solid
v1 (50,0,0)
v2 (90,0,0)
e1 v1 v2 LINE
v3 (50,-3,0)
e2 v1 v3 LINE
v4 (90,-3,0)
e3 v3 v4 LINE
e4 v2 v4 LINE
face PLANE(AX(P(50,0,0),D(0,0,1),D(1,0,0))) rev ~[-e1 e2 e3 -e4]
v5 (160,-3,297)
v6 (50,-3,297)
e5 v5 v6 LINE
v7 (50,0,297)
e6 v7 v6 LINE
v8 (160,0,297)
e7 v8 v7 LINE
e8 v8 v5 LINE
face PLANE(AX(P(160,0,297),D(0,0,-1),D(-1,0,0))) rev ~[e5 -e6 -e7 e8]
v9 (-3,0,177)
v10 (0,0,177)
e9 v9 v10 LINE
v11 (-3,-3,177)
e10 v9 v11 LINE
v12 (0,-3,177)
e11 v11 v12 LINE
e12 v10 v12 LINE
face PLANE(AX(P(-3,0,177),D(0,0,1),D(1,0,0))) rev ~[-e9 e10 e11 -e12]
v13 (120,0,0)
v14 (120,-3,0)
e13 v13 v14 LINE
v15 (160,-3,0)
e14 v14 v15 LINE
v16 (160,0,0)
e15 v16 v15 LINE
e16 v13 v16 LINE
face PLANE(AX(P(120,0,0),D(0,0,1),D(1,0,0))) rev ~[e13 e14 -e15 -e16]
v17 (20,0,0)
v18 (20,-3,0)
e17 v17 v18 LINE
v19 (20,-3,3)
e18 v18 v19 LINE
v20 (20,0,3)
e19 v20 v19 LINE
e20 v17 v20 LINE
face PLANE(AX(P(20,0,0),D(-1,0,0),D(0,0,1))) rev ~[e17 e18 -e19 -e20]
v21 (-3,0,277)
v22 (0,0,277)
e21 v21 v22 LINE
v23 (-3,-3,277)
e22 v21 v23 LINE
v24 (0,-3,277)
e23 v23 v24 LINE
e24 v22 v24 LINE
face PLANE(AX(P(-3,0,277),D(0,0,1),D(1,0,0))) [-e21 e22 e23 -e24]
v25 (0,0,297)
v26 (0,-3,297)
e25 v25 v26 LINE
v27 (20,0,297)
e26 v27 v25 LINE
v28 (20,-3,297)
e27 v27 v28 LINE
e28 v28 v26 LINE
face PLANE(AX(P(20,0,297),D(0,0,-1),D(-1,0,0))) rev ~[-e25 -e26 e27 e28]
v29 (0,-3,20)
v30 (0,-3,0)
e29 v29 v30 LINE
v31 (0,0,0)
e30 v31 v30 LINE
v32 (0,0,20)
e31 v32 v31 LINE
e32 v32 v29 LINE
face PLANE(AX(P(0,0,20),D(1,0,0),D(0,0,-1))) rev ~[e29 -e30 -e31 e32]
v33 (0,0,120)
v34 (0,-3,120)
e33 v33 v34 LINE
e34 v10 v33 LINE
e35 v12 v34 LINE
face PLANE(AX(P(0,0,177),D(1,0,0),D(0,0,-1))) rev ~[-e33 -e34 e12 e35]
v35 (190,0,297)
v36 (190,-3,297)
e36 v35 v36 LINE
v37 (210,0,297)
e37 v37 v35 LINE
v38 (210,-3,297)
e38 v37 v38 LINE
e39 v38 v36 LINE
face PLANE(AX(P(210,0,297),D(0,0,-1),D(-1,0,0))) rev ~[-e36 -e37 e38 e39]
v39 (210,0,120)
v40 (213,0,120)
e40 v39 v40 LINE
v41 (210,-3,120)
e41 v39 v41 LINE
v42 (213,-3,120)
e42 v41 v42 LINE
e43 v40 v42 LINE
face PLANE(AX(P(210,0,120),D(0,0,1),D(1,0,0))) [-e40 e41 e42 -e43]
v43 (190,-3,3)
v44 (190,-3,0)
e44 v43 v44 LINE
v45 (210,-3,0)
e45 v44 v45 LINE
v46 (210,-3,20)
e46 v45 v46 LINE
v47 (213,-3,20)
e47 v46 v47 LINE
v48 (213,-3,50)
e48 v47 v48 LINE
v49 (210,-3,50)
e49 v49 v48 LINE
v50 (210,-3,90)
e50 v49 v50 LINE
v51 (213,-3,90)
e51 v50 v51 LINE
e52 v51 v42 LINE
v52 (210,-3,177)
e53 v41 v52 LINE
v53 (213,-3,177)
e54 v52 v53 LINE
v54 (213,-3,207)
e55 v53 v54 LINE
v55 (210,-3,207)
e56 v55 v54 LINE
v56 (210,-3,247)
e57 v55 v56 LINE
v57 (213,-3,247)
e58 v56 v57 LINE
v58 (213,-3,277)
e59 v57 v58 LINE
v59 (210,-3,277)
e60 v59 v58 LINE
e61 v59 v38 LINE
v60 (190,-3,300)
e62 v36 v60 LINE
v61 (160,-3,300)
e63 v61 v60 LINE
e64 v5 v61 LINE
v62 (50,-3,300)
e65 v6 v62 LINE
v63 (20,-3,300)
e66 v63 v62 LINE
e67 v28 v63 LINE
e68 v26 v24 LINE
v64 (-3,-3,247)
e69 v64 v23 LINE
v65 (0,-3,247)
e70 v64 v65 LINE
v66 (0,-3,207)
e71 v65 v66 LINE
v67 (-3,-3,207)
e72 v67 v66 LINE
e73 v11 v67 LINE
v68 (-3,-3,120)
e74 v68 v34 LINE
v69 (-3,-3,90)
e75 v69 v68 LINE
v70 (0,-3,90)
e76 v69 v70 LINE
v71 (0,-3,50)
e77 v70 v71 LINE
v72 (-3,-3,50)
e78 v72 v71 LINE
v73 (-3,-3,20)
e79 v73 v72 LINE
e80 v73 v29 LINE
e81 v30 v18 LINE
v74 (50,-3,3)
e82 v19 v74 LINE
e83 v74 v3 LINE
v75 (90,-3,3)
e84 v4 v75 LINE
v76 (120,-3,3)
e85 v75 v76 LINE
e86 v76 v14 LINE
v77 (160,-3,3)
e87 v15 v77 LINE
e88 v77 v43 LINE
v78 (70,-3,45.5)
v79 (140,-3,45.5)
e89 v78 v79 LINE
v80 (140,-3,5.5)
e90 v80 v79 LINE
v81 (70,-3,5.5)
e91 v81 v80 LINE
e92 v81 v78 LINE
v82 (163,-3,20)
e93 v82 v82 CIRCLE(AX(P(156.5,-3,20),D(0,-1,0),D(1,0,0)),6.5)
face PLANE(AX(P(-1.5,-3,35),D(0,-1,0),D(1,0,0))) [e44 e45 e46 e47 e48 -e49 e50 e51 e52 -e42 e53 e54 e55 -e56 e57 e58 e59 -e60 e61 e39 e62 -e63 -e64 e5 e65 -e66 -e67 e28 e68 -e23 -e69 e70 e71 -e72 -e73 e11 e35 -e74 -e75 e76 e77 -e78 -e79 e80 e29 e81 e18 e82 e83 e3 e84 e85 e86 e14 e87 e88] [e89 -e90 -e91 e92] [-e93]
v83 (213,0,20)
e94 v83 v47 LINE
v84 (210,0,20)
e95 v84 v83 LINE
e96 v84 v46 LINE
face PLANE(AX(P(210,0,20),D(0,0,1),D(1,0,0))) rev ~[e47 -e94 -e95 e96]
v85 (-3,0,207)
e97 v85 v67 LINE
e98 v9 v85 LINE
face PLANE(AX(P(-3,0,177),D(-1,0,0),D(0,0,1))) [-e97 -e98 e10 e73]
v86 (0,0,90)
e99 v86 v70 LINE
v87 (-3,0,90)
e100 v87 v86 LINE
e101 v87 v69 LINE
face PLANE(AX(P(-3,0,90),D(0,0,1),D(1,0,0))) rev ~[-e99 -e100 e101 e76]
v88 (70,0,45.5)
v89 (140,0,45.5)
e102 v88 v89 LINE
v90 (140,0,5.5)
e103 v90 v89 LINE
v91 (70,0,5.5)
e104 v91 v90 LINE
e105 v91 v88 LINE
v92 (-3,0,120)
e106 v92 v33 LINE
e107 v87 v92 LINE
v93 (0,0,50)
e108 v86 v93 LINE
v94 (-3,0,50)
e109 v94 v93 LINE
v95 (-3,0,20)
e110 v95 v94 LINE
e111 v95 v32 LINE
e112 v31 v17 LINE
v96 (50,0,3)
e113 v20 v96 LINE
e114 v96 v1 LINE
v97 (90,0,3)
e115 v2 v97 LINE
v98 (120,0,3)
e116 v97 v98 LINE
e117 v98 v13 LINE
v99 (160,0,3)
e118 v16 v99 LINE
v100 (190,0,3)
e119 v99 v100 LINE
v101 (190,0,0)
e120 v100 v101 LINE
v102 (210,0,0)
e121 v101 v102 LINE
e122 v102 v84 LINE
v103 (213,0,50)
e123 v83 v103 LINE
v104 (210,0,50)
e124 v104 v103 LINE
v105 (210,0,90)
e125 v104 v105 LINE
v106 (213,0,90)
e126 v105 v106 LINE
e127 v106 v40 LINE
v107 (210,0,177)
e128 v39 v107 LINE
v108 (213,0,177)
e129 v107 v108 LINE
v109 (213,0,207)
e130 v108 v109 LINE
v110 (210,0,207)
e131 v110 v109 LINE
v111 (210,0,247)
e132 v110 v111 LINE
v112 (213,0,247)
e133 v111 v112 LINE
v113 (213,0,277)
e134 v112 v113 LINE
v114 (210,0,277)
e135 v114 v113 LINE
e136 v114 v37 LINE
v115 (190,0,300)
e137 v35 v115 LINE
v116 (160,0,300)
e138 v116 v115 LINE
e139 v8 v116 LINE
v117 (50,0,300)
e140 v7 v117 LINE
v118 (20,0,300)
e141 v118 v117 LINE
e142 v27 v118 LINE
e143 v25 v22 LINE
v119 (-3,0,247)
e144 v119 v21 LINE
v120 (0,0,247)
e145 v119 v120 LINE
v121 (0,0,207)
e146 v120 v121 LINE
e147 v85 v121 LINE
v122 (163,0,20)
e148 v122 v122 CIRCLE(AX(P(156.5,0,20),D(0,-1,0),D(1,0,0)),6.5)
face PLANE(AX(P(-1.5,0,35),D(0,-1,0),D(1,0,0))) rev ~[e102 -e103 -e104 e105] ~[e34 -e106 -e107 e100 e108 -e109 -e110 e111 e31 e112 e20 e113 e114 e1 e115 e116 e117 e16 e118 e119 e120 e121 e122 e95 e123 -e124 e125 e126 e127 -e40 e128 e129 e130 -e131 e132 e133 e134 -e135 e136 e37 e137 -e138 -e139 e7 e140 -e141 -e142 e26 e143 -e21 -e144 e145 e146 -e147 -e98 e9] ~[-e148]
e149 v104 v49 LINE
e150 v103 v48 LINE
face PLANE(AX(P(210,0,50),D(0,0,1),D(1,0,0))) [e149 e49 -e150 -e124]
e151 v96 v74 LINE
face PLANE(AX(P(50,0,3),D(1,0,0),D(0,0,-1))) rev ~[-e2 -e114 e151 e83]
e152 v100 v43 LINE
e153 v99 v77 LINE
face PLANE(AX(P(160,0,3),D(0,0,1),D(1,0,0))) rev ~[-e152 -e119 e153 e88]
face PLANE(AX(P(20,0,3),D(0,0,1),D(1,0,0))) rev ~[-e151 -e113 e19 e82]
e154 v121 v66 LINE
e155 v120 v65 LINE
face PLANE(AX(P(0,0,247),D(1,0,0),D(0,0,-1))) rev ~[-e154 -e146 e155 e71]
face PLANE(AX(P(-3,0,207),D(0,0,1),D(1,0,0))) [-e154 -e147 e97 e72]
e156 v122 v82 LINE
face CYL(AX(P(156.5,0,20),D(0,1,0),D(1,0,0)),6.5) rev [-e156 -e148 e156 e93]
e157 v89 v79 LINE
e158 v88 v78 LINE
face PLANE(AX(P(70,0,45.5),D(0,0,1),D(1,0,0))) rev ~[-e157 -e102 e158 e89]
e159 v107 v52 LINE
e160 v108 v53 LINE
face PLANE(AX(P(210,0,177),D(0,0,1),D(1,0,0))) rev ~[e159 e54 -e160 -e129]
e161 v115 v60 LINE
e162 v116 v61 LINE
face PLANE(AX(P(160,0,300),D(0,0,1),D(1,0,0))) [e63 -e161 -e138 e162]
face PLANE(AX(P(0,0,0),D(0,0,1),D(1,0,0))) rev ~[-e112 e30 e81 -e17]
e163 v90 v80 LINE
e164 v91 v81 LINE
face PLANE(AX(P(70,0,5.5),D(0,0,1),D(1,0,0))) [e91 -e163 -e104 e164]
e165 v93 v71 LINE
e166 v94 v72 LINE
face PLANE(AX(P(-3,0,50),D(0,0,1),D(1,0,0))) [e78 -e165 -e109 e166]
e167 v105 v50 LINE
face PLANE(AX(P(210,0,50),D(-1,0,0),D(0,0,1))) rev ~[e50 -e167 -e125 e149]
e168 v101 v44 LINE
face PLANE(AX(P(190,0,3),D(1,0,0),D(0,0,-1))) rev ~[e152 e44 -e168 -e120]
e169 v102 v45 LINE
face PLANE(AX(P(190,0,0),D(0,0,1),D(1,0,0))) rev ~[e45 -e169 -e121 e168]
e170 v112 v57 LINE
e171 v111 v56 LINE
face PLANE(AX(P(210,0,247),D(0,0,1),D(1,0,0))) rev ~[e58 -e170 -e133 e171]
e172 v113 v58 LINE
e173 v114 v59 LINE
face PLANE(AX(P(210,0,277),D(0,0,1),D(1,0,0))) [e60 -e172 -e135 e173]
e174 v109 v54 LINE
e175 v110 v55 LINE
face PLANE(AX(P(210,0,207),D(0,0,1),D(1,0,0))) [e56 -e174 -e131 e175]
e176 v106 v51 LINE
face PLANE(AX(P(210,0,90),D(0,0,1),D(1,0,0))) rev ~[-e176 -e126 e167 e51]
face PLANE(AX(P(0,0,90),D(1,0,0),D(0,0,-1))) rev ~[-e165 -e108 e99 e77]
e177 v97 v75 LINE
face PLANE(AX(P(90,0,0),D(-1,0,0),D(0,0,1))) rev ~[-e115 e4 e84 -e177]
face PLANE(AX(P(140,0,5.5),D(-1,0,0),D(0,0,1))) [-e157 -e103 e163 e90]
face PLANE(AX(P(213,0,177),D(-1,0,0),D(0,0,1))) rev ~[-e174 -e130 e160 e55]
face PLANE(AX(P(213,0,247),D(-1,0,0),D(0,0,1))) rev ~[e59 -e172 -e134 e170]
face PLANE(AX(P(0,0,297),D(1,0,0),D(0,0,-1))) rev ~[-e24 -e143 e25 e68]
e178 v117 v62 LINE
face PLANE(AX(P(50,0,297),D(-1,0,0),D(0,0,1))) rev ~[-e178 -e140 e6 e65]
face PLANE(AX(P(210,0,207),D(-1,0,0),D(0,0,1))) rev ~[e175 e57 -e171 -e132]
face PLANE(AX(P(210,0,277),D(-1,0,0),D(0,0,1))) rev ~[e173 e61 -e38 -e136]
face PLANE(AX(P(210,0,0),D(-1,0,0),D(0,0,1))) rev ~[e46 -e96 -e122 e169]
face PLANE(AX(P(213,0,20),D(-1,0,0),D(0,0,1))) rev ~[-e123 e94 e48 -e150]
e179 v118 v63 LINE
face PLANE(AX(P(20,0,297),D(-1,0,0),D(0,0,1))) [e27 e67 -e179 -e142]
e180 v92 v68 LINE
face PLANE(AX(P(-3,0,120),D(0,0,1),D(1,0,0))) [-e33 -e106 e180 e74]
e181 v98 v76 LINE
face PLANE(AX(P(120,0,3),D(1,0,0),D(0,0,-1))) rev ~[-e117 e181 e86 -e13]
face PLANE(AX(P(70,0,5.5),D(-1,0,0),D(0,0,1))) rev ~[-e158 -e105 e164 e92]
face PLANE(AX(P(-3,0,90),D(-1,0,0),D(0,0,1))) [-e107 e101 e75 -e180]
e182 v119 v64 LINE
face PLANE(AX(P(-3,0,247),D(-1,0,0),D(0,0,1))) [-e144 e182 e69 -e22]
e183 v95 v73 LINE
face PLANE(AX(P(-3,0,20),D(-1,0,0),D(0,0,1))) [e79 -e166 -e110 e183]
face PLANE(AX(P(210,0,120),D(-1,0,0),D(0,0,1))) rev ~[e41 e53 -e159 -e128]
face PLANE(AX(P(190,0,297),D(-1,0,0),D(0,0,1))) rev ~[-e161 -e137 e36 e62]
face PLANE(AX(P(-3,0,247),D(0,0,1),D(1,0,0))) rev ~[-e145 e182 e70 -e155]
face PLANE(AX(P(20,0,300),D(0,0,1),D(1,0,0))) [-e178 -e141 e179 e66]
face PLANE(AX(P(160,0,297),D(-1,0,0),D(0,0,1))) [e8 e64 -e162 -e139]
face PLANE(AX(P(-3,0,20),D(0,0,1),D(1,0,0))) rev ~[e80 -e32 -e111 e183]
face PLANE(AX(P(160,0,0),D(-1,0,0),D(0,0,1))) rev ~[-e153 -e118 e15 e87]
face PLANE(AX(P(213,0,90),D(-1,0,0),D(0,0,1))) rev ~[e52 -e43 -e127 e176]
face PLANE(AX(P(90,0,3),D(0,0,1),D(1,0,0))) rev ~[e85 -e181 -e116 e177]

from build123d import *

# Parameters (mm, degrees)
F0_W     = 3
F0_H     = 30
F0_W_2   = 70
F0_H_2   = 40
F0_R     = 6.5
F0_W_3   = 30
F0_H_3   = 3
F1_DEPTH = 3


with BuildPart() as f1:
    # F0 (on Front) → F1 (new body)
    with BuildSketch(Plane.XZ):
        with Locations((-1.5, 35)):
            Rectangle(F0_W, F0_H)
        with Locations((-1.5, 105)):
            Rectangle(F0_W, F0_H)
        with Locations((-1.5, 192)):
            Rectangle(F0_W, F0_H)
        with Locations((-1.5, 262)):
            Rectangle(F0_W, F0_H)
        with Locations((211.5, 35)):
            Rectangle(F0_W, F0_H)
        with Locations((211.5, 105)):
            Rectangle(F0_W, F0_H)
        with Locations((211.5, 192)):
            Rectangle(F0_W, F0_H)
        with Locations((211.5, 262)):
            Rectangle(F0_W, F0_H)
        Polygon((0, 20), (0, 0), (20, 0), (20, 3), (50, 3), (50, 0), (90, 0), (90, 3), (120, 3), (120, 0), (160, 0), (160, 3), (190, 3), (190, 0), (210, 0), (210, 20), (210, 50), (210, 90), (210, 120), (210, 177), (210, 207), (210, 247), (210, 277), (210, 297), (190, 297), (160, 297), (50, 297), (20, 297), (0, 297), (0, 277), (0, 247), (0, 207), (0, 177), (0, 120), (0, 90), (0, 50), align=None)
        with Locations((105, 25.5)):
            Rectangle(F0_W_2, F0_H_2, mode=Mode.SUBTRACT)
        with Locations((156.5, 20)):
            Circle(F0_R, mode=Mode.SUBTRACT)
        with Locations((175, 298.5)):
            Rectangle(F0_W_3, F0_H_3)
        with Locations((35, 298.5)):
            Rectangle(F0_W_3, F0_H_3)
    extrude(amount=F1_DEPTH)


solid = f1.part
